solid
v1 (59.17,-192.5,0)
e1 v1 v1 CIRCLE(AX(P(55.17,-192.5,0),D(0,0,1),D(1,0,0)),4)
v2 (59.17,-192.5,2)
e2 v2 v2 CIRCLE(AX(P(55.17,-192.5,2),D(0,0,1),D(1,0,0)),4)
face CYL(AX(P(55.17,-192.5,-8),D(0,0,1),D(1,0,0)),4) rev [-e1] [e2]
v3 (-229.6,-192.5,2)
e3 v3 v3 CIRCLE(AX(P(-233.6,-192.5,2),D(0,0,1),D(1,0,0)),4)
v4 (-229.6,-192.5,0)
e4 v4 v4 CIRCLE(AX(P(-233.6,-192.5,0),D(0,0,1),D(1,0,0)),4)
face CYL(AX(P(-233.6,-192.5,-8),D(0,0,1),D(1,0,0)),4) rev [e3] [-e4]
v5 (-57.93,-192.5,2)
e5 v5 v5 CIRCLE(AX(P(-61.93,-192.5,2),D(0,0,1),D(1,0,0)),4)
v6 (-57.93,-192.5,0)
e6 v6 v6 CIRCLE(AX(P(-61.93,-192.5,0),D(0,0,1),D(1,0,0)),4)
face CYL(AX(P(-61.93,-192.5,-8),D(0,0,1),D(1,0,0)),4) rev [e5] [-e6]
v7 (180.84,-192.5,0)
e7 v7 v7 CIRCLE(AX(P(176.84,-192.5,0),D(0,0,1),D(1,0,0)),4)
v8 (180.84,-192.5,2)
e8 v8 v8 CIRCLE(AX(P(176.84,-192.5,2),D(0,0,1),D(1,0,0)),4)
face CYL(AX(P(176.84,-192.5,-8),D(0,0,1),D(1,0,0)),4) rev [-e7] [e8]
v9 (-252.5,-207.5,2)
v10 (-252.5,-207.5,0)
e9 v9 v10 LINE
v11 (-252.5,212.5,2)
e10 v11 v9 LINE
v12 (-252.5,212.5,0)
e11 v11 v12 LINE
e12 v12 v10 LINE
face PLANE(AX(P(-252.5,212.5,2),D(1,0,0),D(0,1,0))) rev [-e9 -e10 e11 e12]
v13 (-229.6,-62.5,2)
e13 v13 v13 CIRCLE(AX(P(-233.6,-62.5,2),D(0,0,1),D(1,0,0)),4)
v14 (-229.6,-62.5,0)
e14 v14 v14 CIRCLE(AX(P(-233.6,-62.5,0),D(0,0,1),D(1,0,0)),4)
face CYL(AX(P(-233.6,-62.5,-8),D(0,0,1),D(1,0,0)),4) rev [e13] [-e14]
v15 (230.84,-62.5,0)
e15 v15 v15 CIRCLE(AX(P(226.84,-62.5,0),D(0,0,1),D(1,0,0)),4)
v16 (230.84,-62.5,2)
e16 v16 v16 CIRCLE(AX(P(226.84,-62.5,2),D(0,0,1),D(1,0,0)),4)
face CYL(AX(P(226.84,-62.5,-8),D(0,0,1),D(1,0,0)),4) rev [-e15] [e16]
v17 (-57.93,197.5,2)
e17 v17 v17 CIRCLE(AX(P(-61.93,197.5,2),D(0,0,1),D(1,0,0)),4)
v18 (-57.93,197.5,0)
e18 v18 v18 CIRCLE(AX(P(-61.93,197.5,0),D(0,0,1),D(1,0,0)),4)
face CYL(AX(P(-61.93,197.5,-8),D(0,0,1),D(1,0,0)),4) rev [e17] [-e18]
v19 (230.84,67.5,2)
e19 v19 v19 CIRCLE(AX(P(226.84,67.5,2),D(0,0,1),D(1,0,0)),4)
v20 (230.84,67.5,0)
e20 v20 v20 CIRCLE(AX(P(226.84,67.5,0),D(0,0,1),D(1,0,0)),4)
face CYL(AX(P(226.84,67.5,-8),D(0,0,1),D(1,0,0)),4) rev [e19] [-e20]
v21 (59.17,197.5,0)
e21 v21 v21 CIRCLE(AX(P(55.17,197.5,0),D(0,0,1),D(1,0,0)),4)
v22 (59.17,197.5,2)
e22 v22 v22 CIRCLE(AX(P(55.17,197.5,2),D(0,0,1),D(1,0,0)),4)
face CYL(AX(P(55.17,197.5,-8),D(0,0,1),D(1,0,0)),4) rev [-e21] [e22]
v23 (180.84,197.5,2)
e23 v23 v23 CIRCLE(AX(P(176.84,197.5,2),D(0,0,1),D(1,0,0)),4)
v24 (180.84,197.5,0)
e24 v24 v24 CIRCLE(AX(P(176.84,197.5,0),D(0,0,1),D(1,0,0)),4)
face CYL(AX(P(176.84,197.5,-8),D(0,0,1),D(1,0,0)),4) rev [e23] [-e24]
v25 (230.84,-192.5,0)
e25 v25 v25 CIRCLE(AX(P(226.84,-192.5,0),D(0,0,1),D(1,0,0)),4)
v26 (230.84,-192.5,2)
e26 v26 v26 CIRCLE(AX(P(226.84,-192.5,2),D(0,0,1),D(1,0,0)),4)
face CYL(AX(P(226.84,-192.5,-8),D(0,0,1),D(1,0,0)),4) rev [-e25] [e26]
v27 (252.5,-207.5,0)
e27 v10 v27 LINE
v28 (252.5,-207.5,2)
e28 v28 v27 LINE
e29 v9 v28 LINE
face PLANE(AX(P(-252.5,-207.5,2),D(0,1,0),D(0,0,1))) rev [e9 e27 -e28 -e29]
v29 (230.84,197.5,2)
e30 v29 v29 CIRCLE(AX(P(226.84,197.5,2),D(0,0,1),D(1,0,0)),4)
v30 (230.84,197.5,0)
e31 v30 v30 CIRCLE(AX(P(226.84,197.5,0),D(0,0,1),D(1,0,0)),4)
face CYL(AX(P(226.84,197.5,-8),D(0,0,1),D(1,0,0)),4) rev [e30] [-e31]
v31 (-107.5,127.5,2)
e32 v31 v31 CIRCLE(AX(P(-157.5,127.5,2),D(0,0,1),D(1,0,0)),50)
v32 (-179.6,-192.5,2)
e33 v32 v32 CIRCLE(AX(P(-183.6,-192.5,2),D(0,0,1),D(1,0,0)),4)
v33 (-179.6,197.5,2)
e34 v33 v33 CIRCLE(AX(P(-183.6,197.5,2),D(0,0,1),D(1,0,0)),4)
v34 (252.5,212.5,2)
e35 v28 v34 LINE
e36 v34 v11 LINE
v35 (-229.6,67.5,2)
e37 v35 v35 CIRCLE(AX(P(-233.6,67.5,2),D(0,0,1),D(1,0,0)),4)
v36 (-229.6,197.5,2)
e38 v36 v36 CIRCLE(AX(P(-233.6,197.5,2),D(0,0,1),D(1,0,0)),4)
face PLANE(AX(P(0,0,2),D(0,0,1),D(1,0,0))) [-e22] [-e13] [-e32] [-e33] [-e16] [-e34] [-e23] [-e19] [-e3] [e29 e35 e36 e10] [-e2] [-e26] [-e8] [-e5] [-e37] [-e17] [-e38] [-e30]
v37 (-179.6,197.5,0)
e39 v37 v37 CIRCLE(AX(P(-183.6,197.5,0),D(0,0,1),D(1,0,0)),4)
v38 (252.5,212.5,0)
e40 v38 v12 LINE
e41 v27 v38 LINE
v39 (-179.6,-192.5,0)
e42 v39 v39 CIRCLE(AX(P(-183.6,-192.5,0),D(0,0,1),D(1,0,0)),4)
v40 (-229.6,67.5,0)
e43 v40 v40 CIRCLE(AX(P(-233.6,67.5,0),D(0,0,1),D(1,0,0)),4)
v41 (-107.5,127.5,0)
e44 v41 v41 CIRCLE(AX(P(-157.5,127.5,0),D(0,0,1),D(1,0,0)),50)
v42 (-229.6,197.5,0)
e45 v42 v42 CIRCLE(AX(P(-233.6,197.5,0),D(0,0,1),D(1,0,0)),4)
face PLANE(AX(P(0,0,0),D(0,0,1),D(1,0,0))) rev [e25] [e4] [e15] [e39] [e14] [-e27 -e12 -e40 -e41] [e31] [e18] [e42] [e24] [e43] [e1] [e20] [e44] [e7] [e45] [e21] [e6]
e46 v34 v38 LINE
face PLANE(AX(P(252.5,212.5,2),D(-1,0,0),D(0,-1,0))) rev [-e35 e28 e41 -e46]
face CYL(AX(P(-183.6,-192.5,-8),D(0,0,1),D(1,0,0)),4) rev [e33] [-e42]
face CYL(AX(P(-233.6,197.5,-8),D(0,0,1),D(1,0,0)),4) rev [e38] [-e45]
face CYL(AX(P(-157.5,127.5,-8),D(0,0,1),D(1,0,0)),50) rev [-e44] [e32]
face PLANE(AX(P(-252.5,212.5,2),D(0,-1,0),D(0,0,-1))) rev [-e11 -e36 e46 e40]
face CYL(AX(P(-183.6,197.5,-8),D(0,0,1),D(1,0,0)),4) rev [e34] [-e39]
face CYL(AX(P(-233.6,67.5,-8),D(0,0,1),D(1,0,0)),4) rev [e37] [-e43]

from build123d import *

# Parameters (mm, degrees)
ESQUISSE1_W             = 505
ESQUISSE1_H             = 420
BOSS_EXTRU_1_DEPTH      = 2
ESQUISSE2_R             = 50
ENL_V_MAT_EXTRU_1_DEPTH = 10
ESQUISSE3_R             = 4
ENL_V_MAT_EXTRU_2_DEPTH = 10


with BuildPart() as part:
    # Esquisse1 → Boss.-Extru.1 (new body)
    with BuildSketch(Plane.XY):
        with Locations((0, 2.5)):
            Rectangle(ESQUISSE1_W, ESQUISSE1_H)
    extrude(amount=BOSS_EXTRU_1_DEPTH)

    # Esquisse2 → Enlèv. mat.-Extru.1 (cut)
    with BuildSketch(Plane.XY.offset(2)):
        with Locations((-157.5, 127.5)):
            Circle(ESQUISSE2_R)
    extrude(amount=-ENL_V_MAT_EXTRU_1_DEPTH, mode=Mode.SUBTRACT)

    # Esquisse3 → Enlèv. mat.-Extru.2 (cut)
    with BuildSketch(Plane.XY.offset(2)):
        with Locations((-233.6, 197.5)):
            Circle(ESQUISSE3_R)
        with Locations((-183.6, 197.5)):
            Circle(ESQUISSE3_R)
        with Locations((-61.93, 197.5)):
            Circle(ESQUISSE3_R)
        with Locations((55.17, 197.5)):
            Circle(ESQUISSE3_R)
        with Locations((176.84, 197.5)):
            Circle(ESQUISSE3_R)
        with Locations((226.84, 197.5)):
            Circle(ESQUISSE3_R)
        with Locations((226.84, 67.5)):
            Circle(ESQUISSE3_R)
        with Locations((226.84, -62.5)):
            Circle(ESQUISSE3_R)
        with Locations((226.84, -192.5)):
            Circle(ESQUISSE3_R)
        with Locations((176.84, -192.5)):
            Circle(ESQUISSE3_R)
        with Locations((55.17, -192.5)):
            Circle(ESQUISSE3_R)
        with Locations((-61.93, -192.5)):
            Circle(ESQUISSE3_R)
        with Locations((-183.6, -192.5)):
            Circle(ESQUISSE3_R)
        with Locations((-233.6, -192.5)):
            Circle(ESQUISSE3_R)
        with Locations((-233.6, -62.5)):
            Circle(ESQUISSE3_R)
        with Locations((-233.6, 67.5)):
            Circle(ESQUISSE3_R)
    extrude(amount=-ENL_V_MAT_EXTRU_2_DEPTH, mode=Mode.SUBTRACT)


solid = part.part
